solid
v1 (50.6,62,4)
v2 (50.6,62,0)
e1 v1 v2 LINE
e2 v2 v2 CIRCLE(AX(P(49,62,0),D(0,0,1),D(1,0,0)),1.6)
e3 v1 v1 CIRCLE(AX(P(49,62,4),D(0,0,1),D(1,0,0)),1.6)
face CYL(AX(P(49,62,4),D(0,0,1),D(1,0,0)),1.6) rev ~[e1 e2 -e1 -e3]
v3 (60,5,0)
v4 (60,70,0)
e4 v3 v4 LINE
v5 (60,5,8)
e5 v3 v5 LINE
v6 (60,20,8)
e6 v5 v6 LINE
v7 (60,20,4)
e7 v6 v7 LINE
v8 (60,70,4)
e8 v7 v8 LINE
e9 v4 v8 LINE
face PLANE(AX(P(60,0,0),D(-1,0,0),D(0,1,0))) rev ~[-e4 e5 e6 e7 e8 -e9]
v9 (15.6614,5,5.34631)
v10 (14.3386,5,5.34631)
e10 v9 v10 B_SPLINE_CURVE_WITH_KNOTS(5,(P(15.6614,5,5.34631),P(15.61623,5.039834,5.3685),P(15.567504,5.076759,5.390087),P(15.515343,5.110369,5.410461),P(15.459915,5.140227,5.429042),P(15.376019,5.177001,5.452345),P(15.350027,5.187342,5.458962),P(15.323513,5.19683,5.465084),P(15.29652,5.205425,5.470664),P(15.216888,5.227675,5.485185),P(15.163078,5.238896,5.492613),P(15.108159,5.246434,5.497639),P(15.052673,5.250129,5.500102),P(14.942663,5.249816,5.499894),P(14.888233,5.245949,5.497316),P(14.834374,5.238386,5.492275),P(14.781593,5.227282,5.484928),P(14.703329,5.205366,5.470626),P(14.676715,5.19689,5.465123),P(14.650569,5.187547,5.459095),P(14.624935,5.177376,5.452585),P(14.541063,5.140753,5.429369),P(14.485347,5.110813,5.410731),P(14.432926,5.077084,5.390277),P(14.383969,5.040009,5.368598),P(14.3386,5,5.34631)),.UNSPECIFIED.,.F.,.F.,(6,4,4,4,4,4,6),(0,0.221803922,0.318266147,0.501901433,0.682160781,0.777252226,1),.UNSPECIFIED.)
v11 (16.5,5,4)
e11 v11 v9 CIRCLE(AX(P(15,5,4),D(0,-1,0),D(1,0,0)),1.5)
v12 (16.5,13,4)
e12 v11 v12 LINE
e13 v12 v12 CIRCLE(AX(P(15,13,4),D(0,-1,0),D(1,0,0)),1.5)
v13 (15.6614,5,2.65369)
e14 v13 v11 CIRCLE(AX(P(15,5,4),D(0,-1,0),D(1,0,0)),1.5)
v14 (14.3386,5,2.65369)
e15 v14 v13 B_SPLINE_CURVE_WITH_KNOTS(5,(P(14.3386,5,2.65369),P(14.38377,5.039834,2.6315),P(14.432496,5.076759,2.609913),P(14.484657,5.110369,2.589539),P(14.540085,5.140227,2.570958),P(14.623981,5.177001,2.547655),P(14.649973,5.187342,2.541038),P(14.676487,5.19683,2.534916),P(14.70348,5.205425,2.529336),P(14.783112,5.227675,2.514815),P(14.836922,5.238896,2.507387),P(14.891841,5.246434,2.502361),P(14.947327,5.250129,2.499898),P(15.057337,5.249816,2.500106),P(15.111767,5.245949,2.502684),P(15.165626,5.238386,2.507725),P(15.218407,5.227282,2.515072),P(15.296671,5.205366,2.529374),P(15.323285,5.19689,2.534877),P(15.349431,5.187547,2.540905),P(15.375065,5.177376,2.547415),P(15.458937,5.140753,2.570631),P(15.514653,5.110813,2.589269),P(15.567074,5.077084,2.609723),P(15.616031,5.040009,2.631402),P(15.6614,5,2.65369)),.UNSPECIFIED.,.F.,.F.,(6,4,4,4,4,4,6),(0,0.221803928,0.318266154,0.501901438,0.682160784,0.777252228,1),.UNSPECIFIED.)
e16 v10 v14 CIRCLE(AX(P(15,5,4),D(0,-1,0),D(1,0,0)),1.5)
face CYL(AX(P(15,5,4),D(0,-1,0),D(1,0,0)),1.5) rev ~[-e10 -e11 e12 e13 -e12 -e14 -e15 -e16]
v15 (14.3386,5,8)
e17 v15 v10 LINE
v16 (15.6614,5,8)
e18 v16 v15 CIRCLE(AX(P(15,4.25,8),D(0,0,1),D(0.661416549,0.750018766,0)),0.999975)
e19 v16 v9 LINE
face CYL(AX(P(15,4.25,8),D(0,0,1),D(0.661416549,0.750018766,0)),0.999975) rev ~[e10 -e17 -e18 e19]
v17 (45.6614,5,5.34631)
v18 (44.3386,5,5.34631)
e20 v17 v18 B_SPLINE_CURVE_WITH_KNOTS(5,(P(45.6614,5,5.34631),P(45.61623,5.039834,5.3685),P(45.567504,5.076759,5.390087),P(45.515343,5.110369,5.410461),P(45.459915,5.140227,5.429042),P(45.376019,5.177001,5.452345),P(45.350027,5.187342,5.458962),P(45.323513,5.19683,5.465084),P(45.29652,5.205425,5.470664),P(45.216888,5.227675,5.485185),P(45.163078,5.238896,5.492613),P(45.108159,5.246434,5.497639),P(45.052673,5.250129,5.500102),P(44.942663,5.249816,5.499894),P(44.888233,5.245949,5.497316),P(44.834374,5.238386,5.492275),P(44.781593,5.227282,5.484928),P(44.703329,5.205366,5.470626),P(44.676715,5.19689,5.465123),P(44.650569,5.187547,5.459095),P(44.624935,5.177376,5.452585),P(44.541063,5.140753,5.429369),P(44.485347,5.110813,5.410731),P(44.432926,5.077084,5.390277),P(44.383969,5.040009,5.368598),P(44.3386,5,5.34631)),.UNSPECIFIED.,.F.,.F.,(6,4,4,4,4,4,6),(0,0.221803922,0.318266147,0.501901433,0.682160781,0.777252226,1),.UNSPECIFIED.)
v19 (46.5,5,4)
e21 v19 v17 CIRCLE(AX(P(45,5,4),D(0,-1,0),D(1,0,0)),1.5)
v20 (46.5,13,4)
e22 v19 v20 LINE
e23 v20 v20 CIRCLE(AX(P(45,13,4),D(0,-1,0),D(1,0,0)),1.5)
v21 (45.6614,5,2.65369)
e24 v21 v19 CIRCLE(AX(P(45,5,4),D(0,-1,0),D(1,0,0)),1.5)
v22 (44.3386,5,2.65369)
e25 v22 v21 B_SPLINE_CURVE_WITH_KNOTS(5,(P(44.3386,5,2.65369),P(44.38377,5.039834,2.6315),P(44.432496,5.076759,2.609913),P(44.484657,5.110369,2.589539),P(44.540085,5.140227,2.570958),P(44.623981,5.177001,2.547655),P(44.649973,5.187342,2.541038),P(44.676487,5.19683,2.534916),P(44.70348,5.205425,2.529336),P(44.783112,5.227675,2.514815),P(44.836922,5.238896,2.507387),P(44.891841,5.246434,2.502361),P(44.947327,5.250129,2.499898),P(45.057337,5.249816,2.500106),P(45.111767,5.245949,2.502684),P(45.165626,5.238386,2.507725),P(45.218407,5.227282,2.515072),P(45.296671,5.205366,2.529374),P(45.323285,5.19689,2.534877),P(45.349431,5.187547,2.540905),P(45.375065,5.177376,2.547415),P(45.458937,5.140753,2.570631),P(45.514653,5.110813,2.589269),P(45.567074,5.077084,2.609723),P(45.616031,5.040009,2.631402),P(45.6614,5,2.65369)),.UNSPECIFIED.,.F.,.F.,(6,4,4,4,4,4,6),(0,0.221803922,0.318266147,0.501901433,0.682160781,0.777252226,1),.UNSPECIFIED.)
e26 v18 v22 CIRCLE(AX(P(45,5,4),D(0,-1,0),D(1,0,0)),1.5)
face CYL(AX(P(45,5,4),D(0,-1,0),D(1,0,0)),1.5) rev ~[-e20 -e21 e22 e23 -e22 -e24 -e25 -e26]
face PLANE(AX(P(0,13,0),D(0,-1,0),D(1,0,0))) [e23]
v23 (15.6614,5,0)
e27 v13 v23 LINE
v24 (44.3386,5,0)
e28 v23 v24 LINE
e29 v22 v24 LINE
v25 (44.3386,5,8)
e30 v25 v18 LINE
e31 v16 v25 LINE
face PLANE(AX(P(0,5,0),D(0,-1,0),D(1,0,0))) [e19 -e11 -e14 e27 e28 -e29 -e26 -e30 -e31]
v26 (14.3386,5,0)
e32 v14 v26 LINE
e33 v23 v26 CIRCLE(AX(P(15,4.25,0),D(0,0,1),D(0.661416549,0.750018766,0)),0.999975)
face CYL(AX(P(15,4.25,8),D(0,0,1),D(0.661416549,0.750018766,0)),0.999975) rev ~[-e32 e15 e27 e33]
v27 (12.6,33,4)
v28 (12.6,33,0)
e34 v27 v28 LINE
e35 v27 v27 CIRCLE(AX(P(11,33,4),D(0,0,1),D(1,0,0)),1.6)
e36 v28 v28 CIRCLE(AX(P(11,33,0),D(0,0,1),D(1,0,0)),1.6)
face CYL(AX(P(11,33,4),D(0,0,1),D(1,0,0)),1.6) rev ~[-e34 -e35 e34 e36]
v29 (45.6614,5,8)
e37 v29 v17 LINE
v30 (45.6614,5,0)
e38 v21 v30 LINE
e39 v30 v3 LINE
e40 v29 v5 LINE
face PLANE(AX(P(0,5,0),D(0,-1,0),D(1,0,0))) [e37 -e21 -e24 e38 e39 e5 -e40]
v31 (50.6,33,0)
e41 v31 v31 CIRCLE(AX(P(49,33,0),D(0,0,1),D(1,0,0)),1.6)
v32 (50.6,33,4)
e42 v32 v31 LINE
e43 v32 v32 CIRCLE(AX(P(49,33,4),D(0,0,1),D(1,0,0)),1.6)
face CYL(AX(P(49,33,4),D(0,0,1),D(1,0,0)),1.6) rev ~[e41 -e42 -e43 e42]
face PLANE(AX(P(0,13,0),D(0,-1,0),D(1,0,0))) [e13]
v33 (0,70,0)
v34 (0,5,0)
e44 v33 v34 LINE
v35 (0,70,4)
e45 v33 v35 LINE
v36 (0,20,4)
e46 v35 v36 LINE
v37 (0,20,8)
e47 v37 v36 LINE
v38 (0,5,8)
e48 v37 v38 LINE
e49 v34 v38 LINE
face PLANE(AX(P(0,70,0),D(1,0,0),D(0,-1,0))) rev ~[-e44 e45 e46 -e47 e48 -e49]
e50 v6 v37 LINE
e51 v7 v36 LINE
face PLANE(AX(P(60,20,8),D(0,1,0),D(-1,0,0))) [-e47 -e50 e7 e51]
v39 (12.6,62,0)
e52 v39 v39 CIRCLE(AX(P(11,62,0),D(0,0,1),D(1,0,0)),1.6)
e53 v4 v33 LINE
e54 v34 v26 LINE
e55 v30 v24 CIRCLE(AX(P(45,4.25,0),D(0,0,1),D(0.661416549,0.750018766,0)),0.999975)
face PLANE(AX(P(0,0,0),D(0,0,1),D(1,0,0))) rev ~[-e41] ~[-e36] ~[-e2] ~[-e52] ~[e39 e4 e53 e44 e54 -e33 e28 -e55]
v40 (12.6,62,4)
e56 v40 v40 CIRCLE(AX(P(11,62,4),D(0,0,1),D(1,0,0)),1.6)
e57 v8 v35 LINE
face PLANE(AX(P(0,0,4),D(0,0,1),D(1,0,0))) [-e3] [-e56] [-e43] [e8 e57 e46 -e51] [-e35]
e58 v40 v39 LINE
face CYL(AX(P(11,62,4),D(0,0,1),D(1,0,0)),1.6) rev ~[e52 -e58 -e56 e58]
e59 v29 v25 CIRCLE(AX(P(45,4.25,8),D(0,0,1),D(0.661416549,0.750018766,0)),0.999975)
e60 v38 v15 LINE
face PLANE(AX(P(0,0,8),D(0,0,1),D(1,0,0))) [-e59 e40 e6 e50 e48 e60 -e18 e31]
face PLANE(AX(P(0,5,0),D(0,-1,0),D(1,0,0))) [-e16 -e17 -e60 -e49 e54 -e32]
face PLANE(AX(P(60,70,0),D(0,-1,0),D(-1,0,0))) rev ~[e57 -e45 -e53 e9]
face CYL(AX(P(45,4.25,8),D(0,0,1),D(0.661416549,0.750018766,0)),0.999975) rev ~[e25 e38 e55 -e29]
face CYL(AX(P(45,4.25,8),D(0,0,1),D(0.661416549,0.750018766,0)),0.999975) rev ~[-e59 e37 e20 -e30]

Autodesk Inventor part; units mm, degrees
ref_plane "YZ Plane" through (0, 0, 0) normal (1, 0, 0) x (0, 1, 0)
ref_plane "XZ Plane" through (0, 0, 0) normal (0, 1, 0) x (-1, 0, 0)
ref_plane "XY Plane" through (0, 0, 0) normal (0, 0, 1) x (1, 0, 0)
sketch "스케치1" plane through (0, 0, 0) normal (0, 0, 1) x (1, 0, 0)
  line L0 (0, 0) -> (60, 0)
  line L1 (60, 0) -> (60, 70)
  line L2 (60, 70) -> (0, 70)
  line L3 (0, 70) -> (0, 0)
  dimension "d0" = 60
  dimension "d1" = 70
extrude "돌출1" add sketch "스케치1" along normal blind 8
sketch "스케치2" plane through (0, 0, 8) normal (0, 0, 1) x (1, 0, 0)
  line L0 (0, 0) -> (60, 0) projected
  line L1 (60, 0) -> (60, 70) projected
  line L2 (60, 70) -> (0, 70) projected
  line L3 (0, 70) -> (0, 0) projected
  line L4 (60, 0) -> (60, 70) projected
  line L5 (0, 70) -> (60, 70)
  line L6 (60, 70) -> (60, 20)
  line L7 (60, 20) -> (0, 20)
  line L8 (0, 20) -> (0, 70)
extrude "돌출2" cut sketch "스케치2" against normal blind 4 contours L3 L2 L1 L7
sketch "스케치3" plane through (0, 0, 4) normal (0, 0, 1) x (1, 0, 0)
  line L0 (60, 70) -> (60, 20) projected
  line L1 (0, 70) -> (60, 70) projected
  line L2 (0, 20) -> (0, 70) projected
  line L3 (60, 20) -> (0, 20) projected
  line L4 (60, 70) -> (0, 70) projected
  circle A0 centre (11, 62) radius 1.6
  circle A1 centre (49, 62) radius 1.6
  circle A2 centre (11, 33) radius 1.6
  circle A3 centre (49, 33) radius 1.6
  point P0 (0, 0)
  dimension "d8" = 3.2
  dimension "d9" = 3.2
  dimension "d14" = 3.2
  dimension "d15" = 3.2
  dimension "d16" = 11
  dimension "d17" = 8
  dimension "d18" = 8
  dimension "d19" = 11
  dimension "d20" = 29
  dimension "d21" = 11
  dimension "d22" = 11
  dimension "d23" = 29
extrude "돌출3" cut sketch "스케치3" against normal blind 4 contours A0 | A1 | A2 | A3
sketch "스케치4" plane through (0, 0, 0) normal (0, -1, 0) x (1, 0, 0)
  line L0 (0, 0) -> (60, 0) projected
  line L1 (60, 0) -> (60, 8) projected
  line L2 (0, 8) -> (60, 8) projected
  line L3 (0, 0) -> (0, 8) projected
extrude "돌출4" cut sketch "스케치4" against normal blind 5
sketch "스케치5" plane through (0, 5, 0) normal (0, -1, 0) x (1, 0, 0)
  circle A0 centre (15, 4) radius 1.5
  circle A1 centre (45, 4) radius 1.5
  line L0 (60, 0) -> (0, 0) projected
  line L1 (0, 8) -> (60, 8) projected
  line L2 (0, 0) -> (0, 8) projected
  line L3 (60, 8) -> (60, 0) projected
  dimension "d24" = 3
  dimension "d25" = 3
  dimension "d26" = 4
  dimension "d27" = 4
  dimension "d28" = 15
  dimension "d29" = 15
extrude "돌출5" cut sketch "스케치5" against normal blind 8 contours A0 | A1
sketch "스케치6" plane through (0, 0, 8) normal (0, 0, 1) x (1, 0, 0)
  line L0 (16.5, 13) -> (13.5, 13) projected
  line L1 (16.5, 5) -> (13.5, 5) projected
  line L2 (46.5, 5) -> (43.5, 5) projected
  line L3 (46.5, 13) -> (43.5, 13) projected
  line L4 (46.5, 5) -> (43.5, 5) projected
  arc A0 (15.6614, 5) -> (14.3386, 5) centre (15, 4.25) ccw
  arc A1 (45.6614, 5) -> (44.3386, 5) centre (45, 4.25) ccw
  point P0 (0, 0)
  dimension "d32" = 2
  dimension "d33" = 2
  dimension "d34" = 0.75
  dimension "d35" = 0.75
extrude "돌출6" cut sketch "스케치6" against normal blind 8
properties part number "앞뒷면PSD받침대" material "ABS 플라스틱"
